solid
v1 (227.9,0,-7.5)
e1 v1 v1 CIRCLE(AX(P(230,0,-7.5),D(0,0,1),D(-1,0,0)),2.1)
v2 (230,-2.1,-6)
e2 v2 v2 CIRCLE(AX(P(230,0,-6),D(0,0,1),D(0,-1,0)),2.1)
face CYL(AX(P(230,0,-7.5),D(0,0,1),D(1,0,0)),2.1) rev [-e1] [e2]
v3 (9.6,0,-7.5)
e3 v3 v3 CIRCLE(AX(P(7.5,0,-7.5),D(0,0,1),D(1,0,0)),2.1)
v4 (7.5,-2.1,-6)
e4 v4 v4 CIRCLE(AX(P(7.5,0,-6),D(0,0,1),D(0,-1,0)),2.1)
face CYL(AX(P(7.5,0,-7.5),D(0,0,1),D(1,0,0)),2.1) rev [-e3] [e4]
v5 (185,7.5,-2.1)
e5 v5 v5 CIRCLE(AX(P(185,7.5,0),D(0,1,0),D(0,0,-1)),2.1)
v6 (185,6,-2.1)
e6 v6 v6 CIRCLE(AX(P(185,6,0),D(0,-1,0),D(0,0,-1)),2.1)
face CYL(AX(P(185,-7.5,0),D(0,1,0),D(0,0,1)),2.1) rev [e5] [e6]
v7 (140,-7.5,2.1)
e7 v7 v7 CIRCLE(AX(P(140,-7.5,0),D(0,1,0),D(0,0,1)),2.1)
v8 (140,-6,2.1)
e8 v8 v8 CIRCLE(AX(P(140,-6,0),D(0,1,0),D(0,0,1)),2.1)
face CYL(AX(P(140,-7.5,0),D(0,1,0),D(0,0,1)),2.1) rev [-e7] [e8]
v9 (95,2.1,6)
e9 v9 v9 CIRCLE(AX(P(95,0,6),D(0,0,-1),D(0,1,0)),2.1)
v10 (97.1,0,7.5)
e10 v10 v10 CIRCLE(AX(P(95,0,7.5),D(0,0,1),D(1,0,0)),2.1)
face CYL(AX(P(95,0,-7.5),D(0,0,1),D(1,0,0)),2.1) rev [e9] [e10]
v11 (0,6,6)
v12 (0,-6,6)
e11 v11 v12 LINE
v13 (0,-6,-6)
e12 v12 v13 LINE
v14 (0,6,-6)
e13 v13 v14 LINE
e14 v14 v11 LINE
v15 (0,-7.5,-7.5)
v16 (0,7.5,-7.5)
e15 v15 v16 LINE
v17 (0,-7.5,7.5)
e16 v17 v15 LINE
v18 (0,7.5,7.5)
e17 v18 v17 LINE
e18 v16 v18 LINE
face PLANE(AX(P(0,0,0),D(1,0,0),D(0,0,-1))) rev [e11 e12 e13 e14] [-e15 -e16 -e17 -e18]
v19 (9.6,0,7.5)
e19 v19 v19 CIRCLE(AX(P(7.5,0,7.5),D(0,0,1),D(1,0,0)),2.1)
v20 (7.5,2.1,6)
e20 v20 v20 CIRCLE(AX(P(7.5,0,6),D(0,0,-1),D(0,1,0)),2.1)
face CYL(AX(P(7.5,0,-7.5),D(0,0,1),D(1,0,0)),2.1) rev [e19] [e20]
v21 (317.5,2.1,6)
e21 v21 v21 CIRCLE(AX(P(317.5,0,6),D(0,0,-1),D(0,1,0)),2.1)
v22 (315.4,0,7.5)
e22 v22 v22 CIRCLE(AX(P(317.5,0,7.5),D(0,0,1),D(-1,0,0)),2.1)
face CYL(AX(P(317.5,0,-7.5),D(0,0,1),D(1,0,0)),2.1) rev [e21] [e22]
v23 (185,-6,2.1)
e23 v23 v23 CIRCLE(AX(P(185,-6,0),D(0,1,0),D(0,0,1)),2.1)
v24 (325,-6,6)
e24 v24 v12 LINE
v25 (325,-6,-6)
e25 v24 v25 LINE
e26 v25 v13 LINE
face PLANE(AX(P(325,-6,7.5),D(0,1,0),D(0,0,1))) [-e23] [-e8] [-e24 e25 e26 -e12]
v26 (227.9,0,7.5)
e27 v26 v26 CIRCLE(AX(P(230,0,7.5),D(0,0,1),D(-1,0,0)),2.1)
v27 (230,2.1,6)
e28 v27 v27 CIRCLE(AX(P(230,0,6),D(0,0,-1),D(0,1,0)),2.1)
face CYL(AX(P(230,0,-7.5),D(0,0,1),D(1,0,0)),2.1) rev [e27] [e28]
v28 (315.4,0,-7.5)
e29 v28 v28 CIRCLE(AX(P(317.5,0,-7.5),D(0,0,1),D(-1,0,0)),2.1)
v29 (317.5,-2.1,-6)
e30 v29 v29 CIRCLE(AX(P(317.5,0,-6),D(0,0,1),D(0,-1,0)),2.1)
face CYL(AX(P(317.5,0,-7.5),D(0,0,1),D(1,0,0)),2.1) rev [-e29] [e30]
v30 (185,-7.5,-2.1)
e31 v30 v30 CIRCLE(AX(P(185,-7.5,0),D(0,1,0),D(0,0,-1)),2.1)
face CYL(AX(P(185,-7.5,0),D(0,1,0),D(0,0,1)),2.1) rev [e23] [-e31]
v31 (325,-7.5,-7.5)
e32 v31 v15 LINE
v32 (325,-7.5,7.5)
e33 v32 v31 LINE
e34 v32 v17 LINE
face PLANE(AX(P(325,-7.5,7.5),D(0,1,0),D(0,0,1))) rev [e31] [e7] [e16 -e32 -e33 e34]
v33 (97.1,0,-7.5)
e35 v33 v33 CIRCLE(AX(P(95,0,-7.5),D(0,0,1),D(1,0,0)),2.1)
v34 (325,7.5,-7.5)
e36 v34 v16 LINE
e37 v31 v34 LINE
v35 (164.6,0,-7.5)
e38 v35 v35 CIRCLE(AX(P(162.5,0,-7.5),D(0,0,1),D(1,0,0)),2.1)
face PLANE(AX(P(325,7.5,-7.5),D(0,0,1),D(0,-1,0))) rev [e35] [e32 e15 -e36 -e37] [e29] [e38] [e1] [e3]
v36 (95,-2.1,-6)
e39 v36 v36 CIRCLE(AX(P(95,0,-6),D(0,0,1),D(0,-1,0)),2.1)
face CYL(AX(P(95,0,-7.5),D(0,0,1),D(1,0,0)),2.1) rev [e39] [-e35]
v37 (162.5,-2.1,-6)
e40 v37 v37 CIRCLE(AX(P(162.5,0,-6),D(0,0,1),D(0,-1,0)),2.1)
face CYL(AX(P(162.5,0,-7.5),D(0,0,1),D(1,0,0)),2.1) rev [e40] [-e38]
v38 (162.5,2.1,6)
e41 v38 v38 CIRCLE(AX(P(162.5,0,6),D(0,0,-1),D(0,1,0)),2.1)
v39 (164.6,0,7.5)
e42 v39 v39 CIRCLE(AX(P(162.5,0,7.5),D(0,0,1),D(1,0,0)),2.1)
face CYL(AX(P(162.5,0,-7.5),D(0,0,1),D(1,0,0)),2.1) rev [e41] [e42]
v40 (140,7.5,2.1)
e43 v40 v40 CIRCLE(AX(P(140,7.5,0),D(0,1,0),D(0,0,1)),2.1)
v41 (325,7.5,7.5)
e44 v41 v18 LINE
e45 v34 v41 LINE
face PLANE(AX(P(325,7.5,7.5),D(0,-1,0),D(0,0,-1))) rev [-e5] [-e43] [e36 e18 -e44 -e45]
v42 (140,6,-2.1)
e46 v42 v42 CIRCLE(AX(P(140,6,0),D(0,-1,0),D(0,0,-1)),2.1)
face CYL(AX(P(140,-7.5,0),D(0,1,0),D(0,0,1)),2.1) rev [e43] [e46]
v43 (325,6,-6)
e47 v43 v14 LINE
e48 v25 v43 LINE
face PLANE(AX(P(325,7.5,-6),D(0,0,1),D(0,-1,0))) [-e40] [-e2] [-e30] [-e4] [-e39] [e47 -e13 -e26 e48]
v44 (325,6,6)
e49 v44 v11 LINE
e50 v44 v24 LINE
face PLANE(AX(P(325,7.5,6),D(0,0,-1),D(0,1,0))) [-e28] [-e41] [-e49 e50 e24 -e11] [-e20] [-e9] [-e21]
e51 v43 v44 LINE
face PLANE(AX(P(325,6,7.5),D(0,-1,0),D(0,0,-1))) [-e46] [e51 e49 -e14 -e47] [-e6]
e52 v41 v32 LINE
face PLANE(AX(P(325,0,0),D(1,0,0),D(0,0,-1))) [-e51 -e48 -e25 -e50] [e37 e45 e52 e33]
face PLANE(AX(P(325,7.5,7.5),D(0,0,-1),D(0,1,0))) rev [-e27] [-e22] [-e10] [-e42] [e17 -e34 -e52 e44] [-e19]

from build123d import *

# Parameters (mm, degrees)
SKETCH_1_W          = 15
SKETCH_1_H          = 15
SKETCH_1_W_2        = 12
SKETCH_1_H_2        = 12
EXTRUDE_1_DEPTH     = 325
SKETCH_2_R          = 2.1
CUT_EXTRUDE_1_DEPTH = 326.432404656
SKETCH_3_R          = 2.1
CUT_EXTRUDE_2_DEPTH = 326.432404656
SKETCH_4_R          = 2.1
CUT_EXTRUDE_3_DEPTH = 326.432404656


with BuildPart() as part:
    # ｽｹｯﾁ1 → 押し出し-薄板1 (new body)
    with BuildSketch(Plane(origin=(0, 0, 0), x_dir=(0, 0, -1), z_dir=(1, 0, 0))):
        Rectangle(SKETCH_1_W, SKETCH_1_H)
        Rectangle(SKETCH_1_W_2, SKETCH_1_H_2, mode=Mode.SUBTRACT)
    extrude(amount=EXTRUDE_1_DEPTH)

    # ｽｹｯﾁ2 → ｶｯﾄ - 押し出し1 (cut, through all)
    with BuildSketch(Plane.XY.offset(7.5)):
        with Locations((7.5, 0)):
            Circle(SKETCH_2_R)
        with Locations(Location((317.5, 0, 0), (0, 0, 90))):
            Circle(SKETCH_2_R)
    extrude(amount=-CUT_EXTRUDE_1_DEPTH, mode=Mode.SUBTRACT)

    # ｽｹｯﾁ3 → ｶｯﾄ - 押し出し2 (cut, through all)
    with BuildSketch(Plane.XY.offset(7.5)):
        with Locations((95, 0)):
            Circle(SKETCH_3_R)
        with Locations(Location((230, 0, 0), (0, 0, 90))):
            Circle(SKETCH_3_R)
        with Locations((162.5, 0)):
            Circle(SKETCH_3_R)
    extrude(amount=-CUT_EXTRUDE_2_DEPTH, mode=Mode.SUBTRACT)

    # ｽｹｯﾁ4 → ｶｯﾄ - 押し出し3 (cut, through all)
    with BuildSketch(Plane(origin=(0, 7.5, 0), x_dir=(1, 0, 0), z_dir=(0, 1, 0))):
        with Locations(Location((140, 0, 0), (0, 0, 270))):
            Circle(SKETCH_4_R)
        with Locations(Location((185, 0, 0), (0, 0, 270))):
            Circle(SKETCH_4_R)
    extrude(amount=-CUT_EXTRUDE_3_DEPTH, mode=Mode.SUBTRACT)


solid = part.part
